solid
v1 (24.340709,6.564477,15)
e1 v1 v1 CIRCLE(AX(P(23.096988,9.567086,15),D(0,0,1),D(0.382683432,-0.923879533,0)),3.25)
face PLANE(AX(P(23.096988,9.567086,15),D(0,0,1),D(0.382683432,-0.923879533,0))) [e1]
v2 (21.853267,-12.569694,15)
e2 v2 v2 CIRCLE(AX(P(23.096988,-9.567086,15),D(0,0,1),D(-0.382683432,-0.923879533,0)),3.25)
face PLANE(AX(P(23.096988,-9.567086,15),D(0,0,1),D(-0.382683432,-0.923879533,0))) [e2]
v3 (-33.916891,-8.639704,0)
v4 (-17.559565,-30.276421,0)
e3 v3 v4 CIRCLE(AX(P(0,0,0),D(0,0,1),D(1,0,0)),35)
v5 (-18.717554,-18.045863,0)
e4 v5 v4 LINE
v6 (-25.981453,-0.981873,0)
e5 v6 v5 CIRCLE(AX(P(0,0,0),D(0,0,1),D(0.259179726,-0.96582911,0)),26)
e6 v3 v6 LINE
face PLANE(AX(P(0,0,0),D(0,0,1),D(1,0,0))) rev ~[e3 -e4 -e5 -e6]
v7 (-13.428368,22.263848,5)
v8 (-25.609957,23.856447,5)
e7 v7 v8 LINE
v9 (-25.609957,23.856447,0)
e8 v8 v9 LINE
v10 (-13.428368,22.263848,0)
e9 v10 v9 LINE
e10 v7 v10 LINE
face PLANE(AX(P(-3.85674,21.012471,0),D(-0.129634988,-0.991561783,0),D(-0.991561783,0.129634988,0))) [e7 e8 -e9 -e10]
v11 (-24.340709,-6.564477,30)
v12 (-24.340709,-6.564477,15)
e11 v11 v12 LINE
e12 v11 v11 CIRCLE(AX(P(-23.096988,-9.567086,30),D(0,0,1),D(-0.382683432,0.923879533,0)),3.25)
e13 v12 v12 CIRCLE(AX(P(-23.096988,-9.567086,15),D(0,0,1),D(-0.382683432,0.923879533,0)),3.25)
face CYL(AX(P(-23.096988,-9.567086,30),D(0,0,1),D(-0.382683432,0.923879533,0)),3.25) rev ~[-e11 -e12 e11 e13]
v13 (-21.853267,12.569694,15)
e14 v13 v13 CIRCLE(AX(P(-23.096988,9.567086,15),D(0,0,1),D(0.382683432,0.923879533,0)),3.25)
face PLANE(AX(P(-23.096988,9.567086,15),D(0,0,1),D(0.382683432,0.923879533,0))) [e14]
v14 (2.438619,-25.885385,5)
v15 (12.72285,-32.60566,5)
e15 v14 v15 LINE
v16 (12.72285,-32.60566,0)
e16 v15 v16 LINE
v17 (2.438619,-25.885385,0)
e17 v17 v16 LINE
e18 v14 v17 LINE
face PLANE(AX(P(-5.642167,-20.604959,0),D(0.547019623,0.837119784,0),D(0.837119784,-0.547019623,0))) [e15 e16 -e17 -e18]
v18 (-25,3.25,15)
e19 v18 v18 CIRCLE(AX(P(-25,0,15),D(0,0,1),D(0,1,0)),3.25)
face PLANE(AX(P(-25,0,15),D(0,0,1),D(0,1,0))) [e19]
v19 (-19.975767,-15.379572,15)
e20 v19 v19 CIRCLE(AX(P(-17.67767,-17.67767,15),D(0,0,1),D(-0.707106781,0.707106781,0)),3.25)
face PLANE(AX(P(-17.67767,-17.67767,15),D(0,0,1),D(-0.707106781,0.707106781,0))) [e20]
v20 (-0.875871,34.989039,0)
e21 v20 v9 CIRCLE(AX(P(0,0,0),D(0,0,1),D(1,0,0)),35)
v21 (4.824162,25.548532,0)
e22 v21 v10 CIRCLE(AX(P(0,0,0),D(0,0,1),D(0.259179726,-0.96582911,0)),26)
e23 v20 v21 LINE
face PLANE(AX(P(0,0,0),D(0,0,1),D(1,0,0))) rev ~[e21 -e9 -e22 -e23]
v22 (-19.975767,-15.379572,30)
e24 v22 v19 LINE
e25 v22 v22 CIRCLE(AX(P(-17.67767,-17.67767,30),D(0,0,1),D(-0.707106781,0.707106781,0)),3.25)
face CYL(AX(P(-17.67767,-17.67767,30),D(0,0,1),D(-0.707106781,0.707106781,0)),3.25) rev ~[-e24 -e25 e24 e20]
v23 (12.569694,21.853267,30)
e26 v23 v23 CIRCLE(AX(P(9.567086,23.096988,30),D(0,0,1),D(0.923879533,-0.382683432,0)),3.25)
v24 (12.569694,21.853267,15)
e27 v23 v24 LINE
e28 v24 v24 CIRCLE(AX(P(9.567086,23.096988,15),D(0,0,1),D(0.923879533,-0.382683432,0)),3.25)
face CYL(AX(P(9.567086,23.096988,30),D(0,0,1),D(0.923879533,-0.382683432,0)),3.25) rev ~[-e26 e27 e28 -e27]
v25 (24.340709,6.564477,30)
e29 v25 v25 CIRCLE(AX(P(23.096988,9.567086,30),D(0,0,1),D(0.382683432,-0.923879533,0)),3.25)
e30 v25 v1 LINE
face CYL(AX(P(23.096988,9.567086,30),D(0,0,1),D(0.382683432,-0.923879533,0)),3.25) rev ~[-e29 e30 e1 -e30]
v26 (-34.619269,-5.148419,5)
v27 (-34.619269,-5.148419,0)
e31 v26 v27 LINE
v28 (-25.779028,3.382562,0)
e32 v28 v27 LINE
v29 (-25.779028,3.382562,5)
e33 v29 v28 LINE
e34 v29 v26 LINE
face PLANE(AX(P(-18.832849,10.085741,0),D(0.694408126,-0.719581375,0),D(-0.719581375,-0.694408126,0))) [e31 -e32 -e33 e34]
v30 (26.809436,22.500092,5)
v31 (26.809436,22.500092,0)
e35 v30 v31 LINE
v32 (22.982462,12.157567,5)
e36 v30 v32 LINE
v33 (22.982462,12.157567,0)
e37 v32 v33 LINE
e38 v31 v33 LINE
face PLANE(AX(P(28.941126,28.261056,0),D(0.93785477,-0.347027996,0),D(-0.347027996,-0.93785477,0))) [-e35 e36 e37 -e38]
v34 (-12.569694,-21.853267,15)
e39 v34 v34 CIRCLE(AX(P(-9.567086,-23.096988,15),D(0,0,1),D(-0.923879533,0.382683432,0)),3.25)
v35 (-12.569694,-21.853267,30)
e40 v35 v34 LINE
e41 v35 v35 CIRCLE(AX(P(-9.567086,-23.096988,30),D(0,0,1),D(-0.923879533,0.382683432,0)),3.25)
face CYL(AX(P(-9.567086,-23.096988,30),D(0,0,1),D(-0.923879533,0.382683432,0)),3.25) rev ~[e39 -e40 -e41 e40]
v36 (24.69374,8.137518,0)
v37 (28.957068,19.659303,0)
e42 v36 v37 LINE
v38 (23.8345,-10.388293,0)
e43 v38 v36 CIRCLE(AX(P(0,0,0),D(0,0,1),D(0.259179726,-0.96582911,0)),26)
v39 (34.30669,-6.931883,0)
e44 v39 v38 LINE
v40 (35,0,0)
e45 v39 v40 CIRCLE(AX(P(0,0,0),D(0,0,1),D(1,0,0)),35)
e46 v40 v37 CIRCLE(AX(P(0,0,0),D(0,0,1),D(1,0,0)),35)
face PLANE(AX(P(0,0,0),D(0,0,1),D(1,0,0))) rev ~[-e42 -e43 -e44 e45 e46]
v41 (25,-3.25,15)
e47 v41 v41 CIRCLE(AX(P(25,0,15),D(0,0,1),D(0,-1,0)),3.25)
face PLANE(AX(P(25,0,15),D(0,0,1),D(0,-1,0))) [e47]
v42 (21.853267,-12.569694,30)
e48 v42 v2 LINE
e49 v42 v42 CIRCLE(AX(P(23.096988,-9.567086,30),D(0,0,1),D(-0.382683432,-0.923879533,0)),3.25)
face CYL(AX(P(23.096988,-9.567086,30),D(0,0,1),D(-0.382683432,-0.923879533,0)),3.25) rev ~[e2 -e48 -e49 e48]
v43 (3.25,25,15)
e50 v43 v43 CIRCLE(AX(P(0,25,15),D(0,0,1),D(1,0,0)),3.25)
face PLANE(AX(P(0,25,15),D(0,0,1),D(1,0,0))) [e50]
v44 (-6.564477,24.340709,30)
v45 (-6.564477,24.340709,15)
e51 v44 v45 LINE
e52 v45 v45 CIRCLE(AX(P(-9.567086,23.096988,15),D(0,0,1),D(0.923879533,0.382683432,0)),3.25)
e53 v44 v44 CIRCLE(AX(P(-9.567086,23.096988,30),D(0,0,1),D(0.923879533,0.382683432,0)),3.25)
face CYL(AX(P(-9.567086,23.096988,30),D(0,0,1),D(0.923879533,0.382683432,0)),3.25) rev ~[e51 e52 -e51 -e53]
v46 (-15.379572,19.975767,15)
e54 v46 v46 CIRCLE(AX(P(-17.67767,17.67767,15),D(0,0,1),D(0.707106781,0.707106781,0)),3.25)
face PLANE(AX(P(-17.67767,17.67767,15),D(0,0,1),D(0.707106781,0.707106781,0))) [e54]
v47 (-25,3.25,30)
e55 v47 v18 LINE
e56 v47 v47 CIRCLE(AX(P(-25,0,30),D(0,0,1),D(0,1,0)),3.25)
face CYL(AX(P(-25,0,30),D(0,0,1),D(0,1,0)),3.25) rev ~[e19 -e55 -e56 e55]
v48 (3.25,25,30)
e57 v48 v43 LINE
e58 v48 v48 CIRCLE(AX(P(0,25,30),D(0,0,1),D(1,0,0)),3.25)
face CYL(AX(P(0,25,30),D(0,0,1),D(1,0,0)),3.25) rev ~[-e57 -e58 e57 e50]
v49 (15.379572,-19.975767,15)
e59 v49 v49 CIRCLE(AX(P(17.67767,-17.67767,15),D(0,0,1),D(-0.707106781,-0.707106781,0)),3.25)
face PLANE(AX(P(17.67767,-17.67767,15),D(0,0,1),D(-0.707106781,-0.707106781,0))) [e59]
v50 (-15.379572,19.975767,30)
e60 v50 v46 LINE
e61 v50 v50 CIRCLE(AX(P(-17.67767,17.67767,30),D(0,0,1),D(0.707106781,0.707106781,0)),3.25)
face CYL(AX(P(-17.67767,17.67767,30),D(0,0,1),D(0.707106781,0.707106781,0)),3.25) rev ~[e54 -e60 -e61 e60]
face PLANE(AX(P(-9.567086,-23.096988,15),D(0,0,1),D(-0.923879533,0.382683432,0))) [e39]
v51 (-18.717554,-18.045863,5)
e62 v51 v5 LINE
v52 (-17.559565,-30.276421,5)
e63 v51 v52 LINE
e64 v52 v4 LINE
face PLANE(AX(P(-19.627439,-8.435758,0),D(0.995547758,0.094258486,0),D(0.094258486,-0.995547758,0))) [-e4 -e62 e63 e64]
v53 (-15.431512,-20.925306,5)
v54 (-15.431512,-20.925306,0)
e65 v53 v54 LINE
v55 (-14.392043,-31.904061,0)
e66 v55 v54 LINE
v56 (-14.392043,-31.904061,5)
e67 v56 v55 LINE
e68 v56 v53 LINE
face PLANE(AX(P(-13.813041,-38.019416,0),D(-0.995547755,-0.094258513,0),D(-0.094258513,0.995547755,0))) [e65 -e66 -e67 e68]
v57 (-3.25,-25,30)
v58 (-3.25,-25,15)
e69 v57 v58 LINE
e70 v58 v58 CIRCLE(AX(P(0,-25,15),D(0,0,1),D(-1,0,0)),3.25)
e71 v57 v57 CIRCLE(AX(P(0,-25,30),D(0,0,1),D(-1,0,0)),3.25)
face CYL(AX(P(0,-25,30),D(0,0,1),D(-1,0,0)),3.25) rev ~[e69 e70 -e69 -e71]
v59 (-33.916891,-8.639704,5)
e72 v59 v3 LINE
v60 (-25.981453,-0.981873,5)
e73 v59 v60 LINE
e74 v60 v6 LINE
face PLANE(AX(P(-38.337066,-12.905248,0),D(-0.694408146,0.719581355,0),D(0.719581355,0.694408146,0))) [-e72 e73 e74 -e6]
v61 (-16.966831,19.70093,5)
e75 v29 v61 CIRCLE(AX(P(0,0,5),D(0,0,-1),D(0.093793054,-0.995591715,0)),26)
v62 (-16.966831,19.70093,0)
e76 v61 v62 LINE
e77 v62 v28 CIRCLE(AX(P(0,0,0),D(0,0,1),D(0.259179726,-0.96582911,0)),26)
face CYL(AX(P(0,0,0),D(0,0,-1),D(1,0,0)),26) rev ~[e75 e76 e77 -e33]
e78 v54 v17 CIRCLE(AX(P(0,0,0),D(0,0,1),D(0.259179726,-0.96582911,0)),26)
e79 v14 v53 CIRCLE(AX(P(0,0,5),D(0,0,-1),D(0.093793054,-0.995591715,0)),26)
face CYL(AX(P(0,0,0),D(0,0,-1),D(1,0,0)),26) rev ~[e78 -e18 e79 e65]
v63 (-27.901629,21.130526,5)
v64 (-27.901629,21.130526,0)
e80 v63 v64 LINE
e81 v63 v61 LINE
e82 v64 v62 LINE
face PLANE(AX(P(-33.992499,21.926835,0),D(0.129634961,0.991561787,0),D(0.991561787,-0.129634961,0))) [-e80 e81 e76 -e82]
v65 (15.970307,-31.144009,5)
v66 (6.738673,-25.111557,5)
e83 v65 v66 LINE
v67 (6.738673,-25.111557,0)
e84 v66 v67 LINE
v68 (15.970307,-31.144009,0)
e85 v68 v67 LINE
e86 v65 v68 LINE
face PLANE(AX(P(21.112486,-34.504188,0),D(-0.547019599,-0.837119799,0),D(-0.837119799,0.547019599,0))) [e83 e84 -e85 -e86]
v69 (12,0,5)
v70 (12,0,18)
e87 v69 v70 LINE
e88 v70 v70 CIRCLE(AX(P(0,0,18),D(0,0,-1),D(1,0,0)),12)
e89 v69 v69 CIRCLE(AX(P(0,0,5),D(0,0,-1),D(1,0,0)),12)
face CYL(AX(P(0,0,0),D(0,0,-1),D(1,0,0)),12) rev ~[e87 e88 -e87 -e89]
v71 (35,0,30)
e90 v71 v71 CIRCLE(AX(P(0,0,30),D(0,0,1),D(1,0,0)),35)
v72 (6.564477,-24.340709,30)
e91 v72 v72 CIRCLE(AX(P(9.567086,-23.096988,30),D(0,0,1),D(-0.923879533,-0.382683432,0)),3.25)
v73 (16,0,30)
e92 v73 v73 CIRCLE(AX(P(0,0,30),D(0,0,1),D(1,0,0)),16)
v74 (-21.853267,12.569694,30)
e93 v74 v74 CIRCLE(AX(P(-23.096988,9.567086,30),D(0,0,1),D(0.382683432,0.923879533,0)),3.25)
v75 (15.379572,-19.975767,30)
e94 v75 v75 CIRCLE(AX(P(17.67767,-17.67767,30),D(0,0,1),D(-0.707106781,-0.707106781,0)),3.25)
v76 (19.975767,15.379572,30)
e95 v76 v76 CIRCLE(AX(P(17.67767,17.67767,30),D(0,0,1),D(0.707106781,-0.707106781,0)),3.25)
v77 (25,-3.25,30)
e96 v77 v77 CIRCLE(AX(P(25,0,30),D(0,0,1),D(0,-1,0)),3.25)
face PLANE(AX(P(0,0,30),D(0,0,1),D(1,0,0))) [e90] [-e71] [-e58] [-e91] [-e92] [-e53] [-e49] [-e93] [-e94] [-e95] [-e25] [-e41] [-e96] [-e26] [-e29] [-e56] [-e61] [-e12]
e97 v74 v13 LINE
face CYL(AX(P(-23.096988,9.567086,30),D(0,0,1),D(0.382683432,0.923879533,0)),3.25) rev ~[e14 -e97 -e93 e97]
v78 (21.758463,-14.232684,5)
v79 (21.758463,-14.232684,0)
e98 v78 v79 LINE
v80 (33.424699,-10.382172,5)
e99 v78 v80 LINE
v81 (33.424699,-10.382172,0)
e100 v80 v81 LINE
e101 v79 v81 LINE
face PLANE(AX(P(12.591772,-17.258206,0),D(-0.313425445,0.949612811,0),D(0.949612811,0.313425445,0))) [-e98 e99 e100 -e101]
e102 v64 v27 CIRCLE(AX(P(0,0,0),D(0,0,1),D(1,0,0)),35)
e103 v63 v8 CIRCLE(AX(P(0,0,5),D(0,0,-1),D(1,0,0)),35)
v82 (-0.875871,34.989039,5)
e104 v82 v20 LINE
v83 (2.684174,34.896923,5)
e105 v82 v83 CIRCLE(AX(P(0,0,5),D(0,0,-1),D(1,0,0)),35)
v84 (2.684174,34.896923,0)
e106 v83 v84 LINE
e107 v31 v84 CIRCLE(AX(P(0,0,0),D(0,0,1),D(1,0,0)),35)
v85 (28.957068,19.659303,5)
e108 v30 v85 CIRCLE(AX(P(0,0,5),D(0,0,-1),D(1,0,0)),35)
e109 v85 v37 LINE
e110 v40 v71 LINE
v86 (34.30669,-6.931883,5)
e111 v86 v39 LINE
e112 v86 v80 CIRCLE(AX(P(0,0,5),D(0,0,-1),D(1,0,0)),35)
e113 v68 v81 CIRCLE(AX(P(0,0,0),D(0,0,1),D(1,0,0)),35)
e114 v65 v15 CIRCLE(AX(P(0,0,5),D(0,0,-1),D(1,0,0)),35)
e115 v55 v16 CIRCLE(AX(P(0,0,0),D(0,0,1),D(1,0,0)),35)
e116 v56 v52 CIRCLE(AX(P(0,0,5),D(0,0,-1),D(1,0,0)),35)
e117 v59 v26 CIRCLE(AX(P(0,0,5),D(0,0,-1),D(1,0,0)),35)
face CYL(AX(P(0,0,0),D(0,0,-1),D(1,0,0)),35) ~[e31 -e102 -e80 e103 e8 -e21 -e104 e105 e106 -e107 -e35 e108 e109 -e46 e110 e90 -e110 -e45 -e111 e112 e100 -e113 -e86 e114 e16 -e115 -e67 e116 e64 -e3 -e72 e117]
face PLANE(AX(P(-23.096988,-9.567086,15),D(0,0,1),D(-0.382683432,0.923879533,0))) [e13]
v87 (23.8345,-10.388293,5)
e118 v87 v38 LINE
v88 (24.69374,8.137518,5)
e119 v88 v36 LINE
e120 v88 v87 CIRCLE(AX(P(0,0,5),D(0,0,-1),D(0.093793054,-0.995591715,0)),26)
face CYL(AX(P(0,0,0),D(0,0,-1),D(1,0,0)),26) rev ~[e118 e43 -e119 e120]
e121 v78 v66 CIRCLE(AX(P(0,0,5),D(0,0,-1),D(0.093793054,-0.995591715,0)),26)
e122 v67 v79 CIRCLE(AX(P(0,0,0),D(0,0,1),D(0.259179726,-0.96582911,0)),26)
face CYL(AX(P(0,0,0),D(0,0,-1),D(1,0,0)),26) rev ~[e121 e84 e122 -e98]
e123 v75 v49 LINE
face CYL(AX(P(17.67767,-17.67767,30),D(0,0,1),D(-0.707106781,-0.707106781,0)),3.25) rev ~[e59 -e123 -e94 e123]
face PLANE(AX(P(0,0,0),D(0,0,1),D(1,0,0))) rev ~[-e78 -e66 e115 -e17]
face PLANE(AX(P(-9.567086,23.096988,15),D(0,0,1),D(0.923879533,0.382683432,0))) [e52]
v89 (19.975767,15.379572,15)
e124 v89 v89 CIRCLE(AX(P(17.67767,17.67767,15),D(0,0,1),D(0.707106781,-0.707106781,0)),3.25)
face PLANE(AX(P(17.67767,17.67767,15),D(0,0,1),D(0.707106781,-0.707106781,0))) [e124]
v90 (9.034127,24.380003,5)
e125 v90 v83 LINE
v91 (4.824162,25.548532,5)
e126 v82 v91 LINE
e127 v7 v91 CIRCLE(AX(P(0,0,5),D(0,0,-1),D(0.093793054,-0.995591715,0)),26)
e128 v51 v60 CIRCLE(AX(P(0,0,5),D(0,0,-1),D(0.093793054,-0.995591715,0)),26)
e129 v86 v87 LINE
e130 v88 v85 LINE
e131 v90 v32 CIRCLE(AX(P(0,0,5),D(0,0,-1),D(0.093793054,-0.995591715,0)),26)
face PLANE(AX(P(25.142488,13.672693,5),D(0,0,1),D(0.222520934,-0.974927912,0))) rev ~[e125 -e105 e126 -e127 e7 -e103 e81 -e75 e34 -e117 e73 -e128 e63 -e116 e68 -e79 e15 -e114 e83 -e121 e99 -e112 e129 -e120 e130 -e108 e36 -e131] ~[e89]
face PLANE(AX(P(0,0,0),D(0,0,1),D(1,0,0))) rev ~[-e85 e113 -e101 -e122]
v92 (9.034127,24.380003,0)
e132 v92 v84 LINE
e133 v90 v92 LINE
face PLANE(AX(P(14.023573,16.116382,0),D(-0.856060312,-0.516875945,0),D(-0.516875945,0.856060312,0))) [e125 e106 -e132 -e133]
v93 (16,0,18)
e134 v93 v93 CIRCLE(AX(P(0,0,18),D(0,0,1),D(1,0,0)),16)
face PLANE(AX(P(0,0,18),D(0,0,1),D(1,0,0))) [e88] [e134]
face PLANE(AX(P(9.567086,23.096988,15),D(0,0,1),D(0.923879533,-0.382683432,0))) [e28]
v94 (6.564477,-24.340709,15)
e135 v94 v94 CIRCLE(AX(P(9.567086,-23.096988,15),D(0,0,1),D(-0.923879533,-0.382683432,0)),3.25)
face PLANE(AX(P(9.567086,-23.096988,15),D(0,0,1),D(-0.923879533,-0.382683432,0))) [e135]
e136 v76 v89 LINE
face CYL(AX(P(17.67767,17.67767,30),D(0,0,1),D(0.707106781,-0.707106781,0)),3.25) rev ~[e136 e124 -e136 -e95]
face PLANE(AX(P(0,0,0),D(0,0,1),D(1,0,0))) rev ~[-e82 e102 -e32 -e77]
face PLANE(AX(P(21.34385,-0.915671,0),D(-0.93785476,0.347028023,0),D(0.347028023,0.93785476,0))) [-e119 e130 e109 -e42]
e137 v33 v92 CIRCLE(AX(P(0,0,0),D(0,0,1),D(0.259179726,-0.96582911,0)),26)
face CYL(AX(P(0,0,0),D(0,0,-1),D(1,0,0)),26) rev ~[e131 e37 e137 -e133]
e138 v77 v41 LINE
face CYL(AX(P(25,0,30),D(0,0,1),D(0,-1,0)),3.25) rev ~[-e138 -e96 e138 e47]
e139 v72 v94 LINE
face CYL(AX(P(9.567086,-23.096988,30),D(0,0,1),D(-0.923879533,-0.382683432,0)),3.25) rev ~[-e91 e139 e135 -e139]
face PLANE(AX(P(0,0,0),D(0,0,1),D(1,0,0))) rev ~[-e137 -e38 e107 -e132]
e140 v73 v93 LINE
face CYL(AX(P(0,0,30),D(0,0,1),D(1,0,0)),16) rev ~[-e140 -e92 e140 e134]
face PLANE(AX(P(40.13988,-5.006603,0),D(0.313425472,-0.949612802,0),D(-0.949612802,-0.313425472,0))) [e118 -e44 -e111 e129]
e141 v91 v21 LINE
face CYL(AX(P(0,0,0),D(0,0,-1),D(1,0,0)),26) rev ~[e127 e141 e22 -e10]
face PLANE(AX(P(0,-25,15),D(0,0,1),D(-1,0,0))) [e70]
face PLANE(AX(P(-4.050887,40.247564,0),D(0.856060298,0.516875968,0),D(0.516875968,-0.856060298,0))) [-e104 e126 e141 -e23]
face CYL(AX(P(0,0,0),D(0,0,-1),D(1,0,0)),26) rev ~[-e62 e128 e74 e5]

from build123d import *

# Parameters (mm, degrees)
SKETCH_R              = 35
PAD_DEPTH             = 30
SKETCH001_R           = 12
POCKET_DEPTH          = 30.001
SKETCH002_R           = 26
POCKET001_DEPTH       = 5
SKETCH003_R           = 3.25
POCKET002_DEPTH       = 15
POLARPATTERN_COUNT    = 16
SKETCH004_R           = 16
POCKET003_DEPTH       = 12
POCKET004_DEPTH       = 5
POLARPATTERN001_COUNT = 7


with BuildPart() as part:
    # Sketch → Pad (new body)
    with BuildSketch(Plane.XY):
        Circle(SKETCH_R)
    extrude(amount=PAD_DEPTH)

    # Sketch001 → Pocket (cut, through all)
    with BuildSketch(Plane(origin=(0, 0, 0), x_dir=(1, 0, 0), z_dir=(0, 0, -1))):
        Circle(SKETCH001_R)
    extrude(amount=-POCKET_DEPTH, mode=Mode.SUBTRACT)

    # Sketch002 → Pocket001 (cut)
    with BuildSketch(Plane(origin=(0, 0, 0), x_dir=(1, 0, 0), z_dir=(0, 0, -1))):
        Circle(SKETCH002_R)
    extrude(amount=-POCKET001_DEPTH, mode=Mode.SUBTRACT)

    # Sketch003 → Pocket002 (cut)
    with BuildSketch(Plane.XY.offset(30)):
        with Locations((0, 25)):
            Circle(SKETCH003_R)
    pocket002 = extrude(amount=-POCKET002_DEPTH, mode=Mode.SUBTRACT)

    # PolarPattern: Pocket002 ×16 about axis
    polarpattern_axis = Axis((0, 0, 30), (0, 0, 1))
    for i in range(1, POLARPATTERN_COUNT):
        add(pocket002.rotate(polarpattern_axis, i * 360 / POLARPATTERN_COUNT), mode=Mode.SUBTRACT)

    # Sketch004 → Pocket003 (cut)
    with BuildSketch(Plane.XY.offset(30)):
        Circle(SKETCH004_R)
    extrude(amount=-POCKET003_DEPTH, mode=Mode.SUBTRACT)

    # Sketch005 → Pocket004 (cut)
    with BuildSketch(Plane(origin=(0, 0, 0), x_dir=(1, 0, 0), z_dir=(0, 0, -1))):
        Polygon((19.471427, 37.015548), (21.112486, 34.504188), (-4.001108, 18.0936), (-5.642167, 20.604959), align=None)
    pocket004 = extrude(amount=-POCKET004_DEPTH, mode=Mode.SUBTRACT)

    # PolarPattern001: Pocket004 ×7 about axis
    polarpattern001_axis = Axis((0, 0, 0), (0, 0, -1))
    for i in range(1, POLARPATTERN001_COUNT):
        add(pocket004.rotate(polarpattern001_axis, i * 360 / POLARPATTERN001_COUNT), mode=Mode.SUBTRACT)


solid = part.part
